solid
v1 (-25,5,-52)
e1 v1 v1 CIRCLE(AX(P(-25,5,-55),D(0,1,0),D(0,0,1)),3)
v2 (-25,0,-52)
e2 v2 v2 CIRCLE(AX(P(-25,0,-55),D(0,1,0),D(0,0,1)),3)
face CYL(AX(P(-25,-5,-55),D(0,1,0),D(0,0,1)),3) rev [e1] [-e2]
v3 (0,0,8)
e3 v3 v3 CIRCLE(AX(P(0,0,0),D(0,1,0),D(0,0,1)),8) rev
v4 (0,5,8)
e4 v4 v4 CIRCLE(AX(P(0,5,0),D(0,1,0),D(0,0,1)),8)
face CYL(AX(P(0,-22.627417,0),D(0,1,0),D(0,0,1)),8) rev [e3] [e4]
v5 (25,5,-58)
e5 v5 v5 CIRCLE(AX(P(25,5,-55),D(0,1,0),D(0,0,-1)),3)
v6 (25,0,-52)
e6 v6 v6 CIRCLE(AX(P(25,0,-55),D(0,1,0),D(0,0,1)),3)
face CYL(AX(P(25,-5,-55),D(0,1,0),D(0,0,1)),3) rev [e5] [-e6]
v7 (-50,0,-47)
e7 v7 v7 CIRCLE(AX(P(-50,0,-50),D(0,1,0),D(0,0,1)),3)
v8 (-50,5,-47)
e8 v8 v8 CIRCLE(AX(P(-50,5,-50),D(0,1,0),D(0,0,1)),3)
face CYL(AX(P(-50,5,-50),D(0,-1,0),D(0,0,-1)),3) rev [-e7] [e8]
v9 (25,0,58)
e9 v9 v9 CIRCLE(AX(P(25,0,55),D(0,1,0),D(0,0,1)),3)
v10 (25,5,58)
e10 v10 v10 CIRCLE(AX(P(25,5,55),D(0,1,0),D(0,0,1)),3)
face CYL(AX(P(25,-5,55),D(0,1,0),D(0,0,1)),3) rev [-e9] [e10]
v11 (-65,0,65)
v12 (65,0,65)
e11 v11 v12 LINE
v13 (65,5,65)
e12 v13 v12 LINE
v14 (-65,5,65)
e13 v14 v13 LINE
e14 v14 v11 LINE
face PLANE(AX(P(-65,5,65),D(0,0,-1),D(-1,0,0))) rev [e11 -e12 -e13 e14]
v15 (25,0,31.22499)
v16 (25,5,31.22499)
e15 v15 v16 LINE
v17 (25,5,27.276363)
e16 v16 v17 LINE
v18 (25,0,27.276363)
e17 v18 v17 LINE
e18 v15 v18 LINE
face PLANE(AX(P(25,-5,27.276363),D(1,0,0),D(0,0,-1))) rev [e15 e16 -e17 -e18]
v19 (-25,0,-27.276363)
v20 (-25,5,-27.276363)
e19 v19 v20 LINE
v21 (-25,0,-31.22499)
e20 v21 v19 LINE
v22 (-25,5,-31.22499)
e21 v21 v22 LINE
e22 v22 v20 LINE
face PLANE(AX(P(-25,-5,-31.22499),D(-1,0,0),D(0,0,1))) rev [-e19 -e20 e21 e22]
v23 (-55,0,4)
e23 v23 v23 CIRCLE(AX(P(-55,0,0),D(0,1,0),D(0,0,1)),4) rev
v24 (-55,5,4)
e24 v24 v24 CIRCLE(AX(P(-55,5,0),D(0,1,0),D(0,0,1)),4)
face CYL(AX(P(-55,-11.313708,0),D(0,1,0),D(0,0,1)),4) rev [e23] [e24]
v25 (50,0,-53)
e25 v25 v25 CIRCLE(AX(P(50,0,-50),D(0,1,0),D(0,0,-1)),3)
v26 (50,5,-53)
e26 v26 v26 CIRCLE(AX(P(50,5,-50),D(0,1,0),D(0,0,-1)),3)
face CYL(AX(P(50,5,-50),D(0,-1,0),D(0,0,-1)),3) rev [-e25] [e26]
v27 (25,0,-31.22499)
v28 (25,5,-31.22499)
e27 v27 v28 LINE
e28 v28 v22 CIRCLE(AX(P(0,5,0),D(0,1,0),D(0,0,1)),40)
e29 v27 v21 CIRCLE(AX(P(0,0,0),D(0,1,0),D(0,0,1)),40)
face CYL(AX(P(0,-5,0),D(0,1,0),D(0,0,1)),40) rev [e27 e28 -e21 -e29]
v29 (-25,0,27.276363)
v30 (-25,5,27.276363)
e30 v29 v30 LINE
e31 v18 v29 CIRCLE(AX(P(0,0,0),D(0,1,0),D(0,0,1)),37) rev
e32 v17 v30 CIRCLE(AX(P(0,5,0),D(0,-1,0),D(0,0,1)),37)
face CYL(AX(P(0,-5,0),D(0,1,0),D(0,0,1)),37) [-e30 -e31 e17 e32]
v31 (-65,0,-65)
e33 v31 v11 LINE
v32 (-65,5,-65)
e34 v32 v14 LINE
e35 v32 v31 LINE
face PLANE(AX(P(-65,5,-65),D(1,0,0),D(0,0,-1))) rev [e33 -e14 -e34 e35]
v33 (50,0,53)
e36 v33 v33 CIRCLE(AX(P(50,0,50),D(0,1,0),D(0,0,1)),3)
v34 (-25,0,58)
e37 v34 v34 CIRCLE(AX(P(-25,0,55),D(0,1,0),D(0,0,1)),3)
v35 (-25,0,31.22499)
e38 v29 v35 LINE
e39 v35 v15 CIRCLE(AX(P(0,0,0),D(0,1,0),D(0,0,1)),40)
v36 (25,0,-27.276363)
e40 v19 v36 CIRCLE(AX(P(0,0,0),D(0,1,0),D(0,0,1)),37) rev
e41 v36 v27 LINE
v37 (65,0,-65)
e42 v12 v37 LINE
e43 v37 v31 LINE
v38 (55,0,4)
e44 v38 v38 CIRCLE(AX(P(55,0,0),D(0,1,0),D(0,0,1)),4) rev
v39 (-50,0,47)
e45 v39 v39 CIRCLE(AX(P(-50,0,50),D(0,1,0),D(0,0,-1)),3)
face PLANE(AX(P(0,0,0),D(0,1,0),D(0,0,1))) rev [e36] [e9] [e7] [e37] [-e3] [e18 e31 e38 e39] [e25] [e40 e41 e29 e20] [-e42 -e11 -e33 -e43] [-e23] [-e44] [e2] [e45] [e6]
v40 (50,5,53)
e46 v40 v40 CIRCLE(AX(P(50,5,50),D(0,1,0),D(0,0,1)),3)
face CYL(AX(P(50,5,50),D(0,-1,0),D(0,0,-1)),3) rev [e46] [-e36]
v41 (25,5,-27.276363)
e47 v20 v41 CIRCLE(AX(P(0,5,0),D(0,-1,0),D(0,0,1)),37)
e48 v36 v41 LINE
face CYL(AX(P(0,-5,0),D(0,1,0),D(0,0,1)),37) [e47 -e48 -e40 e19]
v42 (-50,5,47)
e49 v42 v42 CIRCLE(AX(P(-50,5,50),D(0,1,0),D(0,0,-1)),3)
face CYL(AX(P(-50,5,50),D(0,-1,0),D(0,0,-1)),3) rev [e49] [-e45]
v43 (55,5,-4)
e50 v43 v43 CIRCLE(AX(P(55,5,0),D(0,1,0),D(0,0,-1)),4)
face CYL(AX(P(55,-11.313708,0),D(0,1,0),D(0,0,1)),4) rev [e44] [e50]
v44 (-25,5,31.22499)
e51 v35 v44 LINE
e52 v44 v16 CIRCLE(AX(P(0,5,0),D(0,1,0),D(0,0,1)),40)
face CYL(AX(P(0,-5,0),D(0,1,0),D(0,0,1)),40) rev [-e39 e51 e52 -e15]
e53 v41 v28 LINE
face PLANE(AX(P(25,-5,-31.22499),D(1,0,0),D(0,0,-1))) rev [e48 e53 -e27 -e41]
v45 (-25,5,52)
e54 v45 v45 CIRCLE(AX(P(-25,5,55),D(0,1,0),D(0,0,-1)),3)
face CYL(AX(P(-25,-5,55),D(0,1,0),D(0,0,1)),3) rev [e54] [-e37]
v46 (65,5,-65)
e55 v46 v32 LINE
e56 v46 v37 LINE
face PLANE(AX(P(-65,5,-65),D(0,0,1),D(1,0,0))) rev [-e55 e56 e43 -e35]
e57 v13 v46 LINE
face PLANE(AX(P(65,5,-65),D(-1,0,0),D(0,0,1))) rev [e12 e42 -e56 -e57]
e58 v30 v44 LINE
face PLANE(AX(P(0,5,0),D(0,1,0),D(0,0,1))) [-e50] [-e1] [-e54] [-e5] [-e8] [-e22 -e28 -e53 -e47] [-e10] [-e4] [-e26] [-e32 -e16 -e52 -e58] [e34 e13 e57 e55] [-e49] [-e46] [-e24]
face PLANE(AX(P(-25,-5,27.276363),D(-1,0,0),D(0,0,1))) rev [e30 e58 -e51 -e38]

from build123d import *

# Parameters (mm, degrees)
SKETCH1_W           = 130
SKETCH1_H           = 130
SKETCH1_R           = 3
BOSS_EXTRUDE1_DEPTH = 5
SKETCH2_R           = 8
CUT_EXTRUDE1_DEPTH  = 5
SKETCH3_R           = 4
CUT_EXTRUDE2_DEPTH  = 5
SKETCH4_R           = 3
CUT_EXTRUDE3_DEPTH  = 10
CUT_EXTRUDE4_DEPTH  = 10


with BuildPart() as part:
    # Sketch1 → Boss-Extrude1 (new body)
    with BuildSketch(Plane(origin=(0, 0, 0), x_dir=(1, 0, 0), z_dir=(0, 1, 0))):
        Rectangle(SKETCH1_W, SKETCH1_H)
        with Locations(Location((-50, 50, 0), (0, 0, 270))):
            Circle(SKETCH1_R, mode=Mode.SUBTRACT)
        with Locations(Location((50, 50, 0), (0, 0, 90))):
            Circle(SKETCH1_R, mode=Mode.SUBTRACT)
        with Locations(Location((50, -50, 0), (0, 0, 270))):
            Circle(SKETCH1_R, mode=Mode.SUBTRACT)
        with Locations(Location((-50, -50, 0), (0, 0, 90))):
            Circle(SKETCH1_R, mode=Mode.SUBTRACT)
    extrude(amount=BOSS_EXTRUDE1_DEPTH)

    # Sketch2 → Cut-Extrude1 (cut)
    with BuildSketch(Plane(origin=(0, 5, 0), x_dir=(1, 0, 0), z_dir=(0, 1, 0))):
        with Locations(Location((0, 0, 0), (0, 0, 270))):
            Circle(SKETCH2_R)
    extrude(amount=-CUT_EXTRUDE1_DEPTH, mode=Mode.SUBTRACT)

    # Sketch3 → Cut-Extrude2 (cut)
    with BuildSketch(Plane(origin=(0, 5, 0), x_dir=(1, 0, 0), z_dir=(0, 1, 0))):
        with Locations(Location((-55, 0, 0), (0, 0, 270))):
            Circle(SKETCH3_R)
        with Locations(Location((55, 0, 0), (0, 0, 270))):
            Circle(SKETCH3_R)
    extrude(amount=-CUT_EXTRUDE2_DEPTH, mode=Mode.SUBTRACT)

    # Sketch4 → Cut-Extrude3 (cut)
    with BuildSketch(Plane(origin=(0, 5, 0), x_dir=(1, 0, 0), z_dir=(0, 1, 0))):
        with Locations(Location((-25, 55, 0), (0, 0, 270))):
            Circle(SKETCH4_R)
        with Locations(Location((25, 55, 0), (0, 0, 270))):
            Circle(SKETCH4_R)
        with Locations(Location((-25, -55, 0), (0, 0, 270))):
            Circle(SKETCH4_R)
        with Locations(Location((25, -55, 0), (0, 0, 270))):
            Circle(SKETCH4_R)
    extrude(amount=-CUT_EXTRUDE3_DEPTH, mode=Mode.SUBTRACT)

    # Sketch5 → Cut-Extrude4 (cut)
    with BuildSketch(Plane(origin=(0, 5, 0), x_dir=(1, 0, 0), z_dir=(0, 1, 0))):
        with BuildLine():
            Line((25, 31.224989992), (25, 27.276363394))
            ThreePointArc((25, 27.276363394), (0, 37), (-25, 27.276363394))
            Line((-25, 27.276363394), (-25, 31.224989992))
            ThreePointArc((-25, 31.224989992), (0, 40), (25, 31.224989992))
        make_face()
        with BuildLine():
            Line((25, -27.276363394), (25, -31.224989992))
            ThreePointArc((25, -31.224989992), (0, -40), (-25, -31.224989992))
            Line((-25, -31.224989992), (-25, -27.276363394))
            ThreePointArc((-25, -27.276363394), (0, -37), (25, -27.276363394))
        make_face()
    extrude(amount=-CUT_EXTRUDE4_DEPTH, mode=Mode.SUBTRACT)


solid = part.part
